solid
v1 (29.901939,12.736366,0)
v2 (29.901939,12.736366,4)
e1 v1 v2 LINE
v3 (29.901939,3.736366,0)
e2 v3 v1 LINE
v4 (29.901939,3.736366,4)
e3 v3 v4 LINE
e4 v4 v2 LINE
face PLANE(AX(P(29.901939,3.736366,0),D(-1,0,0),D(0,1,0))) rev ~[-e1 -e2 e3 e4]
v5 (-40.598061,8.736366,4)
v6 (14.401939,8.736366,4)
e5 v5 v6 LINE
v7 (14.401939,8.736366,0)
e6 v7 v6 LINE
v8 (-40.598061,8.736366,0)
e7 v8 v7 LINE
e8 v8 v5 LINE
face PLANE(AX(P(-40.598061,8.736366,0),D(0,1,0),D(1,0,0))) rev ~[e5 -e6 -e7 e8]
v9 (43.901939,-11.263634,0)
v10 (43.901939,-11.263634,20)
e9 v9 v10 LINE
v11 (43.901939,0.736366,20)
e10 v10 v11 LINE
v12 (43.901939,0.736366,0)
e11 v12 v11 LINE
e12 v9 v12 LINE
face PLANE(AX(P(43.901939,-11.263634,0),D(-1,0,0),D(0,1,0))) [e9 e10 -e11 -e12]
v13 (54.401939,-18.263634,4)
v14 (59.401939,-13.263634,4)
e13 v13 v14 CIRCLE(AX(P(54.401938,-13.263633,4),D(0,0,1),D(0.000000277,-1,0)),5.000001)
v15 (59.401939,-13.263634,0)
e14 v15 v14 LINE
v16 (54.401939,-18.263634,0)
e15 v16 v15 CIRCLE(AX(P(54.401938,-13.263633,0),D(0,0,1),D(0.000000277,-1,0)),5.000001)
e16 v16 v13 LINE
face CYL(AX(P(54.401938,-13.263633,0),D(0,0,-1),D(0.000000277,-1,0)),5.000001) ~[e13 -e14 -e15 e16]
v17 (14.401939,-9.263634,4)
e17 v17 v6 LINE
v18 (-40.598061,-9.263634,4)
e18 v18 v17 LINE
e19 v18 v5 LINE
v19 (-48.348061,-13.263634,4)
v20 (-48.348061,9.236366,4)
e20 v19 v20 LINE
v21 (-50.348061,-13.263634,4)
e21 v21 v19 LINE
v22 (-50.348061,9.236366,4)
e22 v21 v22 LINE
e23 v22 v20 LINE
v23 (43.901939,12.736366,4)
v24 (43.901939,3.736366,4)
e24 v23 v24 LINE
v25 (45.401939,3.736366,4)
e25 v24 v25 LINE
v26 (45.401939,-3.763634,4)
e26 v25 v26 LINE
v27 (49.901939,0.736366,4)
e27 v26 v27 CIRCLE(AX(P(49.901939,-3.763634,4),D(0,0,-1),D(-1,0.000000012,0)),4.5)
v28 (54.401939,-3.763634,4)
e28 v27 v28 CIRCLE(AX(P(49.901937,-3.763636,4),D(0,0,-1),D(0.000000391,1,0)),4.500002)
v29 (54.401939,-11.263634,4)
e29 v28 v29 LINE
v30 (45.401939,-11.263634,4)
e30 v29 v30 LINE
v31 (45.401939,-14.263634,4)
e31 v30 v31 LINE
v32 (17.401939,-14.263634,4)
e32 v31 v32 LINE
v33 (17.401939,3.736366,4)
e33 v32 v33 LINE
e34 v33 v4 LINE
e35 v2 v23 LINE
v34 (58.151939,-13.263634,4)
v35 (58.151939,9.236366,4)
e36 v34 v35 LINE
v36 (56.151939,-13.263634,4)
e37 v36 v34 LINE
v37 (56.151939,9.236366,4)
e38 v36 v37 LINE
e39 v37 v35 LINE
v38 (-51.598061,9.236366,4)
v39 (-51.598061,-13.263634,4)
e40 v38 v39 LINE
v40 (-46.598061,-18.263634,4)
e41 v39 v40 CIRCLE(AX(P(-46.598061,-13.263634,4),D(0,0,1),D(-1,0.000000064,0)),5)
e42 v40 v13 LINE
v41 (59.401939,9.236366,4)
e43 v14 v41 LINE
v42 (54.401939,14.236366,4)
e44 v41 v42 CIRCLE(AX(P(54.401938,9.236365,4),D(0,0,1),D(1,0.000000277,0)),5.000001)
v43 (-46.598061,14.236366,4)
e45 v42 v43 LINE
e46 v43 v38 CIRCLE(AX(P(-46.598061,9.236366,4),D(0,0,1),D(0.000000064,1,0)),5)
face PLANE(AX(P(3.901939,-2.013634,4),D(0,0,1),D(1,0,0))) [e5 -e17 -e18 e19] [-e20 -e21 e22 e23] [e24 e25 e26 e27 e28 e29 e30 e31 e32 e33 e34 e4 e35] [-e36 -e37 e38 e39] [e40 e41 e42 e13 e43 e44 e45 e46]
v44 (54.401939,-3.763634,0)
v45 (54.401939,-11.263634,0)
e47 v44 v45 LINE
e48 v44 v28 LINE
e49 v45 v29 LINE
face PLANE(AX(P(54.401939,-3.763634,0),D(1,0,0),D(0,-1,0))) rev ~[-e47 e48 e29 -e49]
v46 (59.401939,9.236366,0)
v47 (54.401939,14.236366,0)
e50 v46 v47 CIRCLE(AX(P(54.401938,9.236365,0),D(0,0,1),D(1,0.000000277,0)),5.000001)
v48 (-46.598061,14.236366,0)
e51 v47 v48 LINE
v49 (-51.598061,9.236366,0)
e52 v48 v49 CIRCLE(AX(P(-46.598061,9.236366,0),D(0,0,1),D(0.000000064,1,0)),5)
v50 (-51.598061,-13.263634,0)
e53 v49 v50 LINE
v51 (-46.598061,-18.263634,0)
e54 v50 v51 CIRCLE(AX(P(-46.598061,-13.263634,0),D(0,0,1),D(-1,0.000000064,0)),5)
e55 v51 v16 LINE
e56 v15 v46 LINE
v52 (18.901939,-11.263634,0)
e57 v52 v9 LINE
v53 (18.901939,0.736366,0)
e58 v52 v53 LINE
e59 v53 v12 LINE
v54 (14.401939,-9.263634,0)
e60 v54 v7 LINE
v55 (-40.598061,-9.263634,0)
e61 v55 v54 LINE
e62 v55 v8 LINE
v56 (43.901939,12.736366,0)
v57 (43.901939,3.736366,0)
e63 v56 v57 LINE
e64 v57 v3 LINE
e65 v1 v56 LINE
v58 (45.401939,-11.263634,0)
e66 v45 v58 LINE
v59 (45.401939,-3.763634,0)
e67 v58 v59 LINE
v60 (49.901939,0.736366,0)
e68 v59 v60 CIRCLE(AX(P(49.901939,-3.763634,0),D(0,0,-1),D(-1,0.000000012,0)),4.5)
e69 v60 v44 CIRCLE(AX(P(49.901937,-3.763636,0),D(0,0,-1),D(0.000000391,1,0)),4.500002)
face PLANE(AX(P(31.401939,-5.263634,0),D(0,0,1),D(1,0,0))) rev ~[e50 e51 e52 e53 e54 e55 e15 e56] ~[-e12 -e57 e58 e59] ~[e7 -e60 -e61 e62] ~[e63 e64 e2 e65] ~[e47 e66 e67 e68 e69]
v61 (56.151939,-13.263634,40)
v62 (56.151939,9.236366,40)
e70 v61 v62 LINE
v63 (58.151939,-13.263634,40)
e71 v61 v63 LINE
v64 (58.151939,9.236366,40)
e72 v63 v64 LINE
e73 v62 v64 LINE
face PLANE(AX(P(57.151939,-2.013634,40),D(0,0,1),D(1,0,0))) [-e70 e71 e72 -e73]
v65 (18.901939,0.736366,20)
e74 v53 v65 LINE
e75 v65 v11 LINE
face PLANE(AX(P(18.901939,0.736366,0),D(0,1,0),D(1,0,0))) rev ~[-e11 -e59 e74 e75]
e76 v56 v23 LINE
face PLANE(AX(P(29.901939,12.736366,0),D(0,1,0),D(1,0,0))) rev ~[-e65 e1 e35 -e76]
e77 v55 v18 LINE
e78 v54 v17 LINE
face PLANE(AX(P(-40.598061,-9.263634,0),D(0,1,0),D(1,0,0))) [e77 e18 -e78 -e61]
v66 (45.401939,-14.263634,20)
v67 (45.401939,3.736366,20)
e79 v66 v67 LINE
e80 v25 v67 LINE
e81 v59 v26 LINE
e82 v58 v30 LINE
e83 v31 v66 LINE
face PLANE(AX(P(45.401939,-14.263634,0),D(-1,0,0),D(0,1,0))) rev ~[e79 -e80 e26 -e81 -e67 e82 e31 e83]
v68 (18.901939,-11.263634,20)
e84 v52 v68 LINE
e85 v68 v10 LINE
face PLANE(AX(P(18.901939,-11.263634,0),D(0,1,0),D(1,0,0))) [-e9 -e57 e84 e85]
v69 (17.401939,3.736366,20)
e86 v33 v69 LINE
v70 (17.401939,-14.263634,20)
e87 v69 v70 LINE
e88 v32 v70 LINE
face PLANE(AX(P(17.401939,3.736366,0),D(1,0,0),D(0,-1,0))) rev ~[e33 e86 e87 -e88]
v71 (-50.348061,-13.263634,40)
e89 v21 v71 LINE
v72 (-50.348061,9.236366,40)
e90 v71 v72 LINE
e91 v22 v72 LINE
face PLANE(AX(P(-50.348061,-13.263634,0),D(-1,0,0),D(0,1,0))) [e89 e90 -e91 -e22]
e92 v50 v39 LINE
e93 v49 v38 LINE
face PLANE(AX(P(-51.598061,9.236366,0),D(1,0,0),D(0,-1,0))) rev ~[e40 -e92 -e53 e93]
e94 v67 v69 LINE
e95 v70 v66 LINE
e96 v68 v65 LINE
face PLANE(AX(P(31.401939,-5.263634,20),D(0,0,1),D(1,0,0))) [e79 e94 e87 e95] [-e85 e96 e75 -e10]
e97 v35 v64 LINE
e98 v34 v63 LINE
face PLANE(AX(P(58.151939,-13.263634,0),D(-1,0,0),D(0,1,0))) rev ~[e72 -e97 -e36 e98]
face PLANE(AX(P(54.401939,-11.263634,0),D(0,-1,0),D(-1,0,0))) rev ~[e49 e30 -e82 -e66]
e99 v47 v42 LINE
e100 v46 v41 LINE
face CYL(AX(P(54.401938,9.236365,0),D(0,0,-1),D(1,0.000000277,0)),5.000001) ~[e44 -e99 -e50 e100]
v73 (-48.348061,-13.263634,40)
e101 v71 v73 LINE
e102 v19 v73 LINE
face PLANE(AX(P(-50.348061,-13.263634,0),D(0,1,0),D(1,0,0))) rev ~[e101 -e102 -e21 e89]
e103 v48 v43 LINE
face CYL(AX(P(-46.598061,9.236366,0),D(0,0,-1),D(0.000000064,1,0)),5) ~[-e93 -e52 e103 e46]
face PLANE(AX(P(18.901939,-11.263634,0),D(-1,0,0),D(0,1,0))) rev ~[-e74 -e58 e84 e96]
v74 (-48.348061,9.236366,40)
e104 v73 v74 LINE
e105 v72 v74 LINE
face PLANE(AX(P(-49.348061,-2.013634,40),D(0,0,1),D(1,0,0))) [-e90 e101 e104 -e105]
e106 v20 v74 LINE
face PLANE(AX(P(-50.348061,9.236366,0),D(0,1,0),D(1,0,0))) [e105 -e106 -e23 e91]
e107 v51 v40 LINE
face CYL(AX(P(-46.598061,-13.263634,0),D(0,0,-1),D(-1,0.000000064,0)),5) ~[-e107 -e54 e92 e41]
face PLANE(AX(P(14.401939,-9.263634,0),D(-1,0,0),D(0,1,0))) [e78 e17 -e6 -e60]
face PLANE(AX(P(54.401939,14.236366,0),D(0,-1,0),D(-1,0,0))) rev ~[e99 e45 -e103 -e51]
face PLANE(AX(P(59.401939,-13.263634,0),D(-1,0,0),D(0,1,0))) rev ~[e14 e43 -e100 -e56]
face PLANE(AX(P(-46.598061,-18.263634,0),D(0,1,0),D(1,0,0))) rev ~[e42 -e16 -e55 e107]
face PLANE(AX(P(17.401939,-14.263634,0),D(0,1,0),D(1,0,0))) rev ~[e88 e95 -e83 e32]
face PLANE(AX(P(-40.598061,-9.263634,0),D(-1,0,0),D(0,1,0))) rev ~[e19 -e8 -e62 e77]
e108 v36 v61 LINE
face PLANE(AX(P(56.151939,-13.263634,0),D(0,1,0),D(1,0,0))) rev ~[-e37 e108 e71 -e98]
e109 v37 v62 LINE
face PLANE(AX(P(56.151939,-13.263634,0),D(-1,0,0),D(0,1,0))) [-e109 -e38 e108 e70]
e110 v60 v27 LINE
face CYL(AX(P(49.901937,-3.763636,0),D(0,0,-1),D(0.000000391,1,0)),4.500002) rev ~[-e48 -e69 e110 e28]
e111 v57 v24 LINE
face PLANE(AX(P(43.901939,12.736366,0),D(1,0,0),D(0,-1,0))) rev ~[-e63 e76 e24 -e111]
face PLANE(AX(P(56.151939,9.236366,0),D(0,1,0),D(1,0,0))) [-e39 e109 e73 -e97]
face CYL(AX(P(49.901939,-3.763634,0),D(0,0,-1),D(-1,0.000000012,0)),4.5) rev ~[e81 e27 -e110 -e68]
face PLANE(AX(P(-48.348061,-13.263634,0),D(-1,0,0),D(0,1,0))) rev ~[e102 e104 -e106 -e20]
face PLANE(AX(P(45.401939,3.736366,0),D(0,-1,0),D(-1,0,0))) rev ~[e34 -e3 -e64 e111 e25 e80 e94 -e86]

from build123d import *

# Parameters (mm, degrees)
F0_W     = 2
F0_H     = 22.5
F0_W_2   = 55
F0_H_2   = 18
F1_DEPTH = 4
F0_W_3   = 25
F0_H_3   = 12
F2_DEPTH = 20
F3_DEPTH = 40


with BuildPart() as f1:
    # F0 (on Top) → F1 (new body)
    with BuildSketch(Plane.XY):
        with BuildLine():
            Line((54.401939, 14.236366), (-46.598061, 14.236366))
            ThreePointArc((-46.598061, 14.236366), (-50.133595, 12.7719), (-51.598061, 9.236366))
            Line((-51.598061, 9.236366), (-51.598061, -13.263634))
            ThreePointArc((-51.598061, -13.263634), (-50.133595, -16.799168), (-46.598061, -18.263634))
            Line((-46.598061, -18.263634), (54.401939, -18.263634))
            ThreePointArc((54.401939, -18.263634), (57.937472, -16.799168), (59.401939, -13.263634))
            Line((59.401939, -13.263634), (59.401939, 9.236366))
            ThreePointArc((59.401939, 9.236366), (57.937472, 12.7719), (54.401939, 14.236366))
        make_face()
        with Locations((-49.348061, -2.013634)):
            Rectangle(F0_W, F0_H, mode=Mode.SUBTRACT)
        with Locations((-13.098061, -0.263634)):
            Rectangle(F0_W_2, F0_H_2, mode=Mode.SUBTRACT)
        with BuildLine():
            Line((54.401939, -11.263634), (45.401939, -11.263634))
            Line((45.401939, -11.263634), (45.401939, -14.263634))
            Line((45.401939, -14.263634), (18.901939, -14.263634))
            Line((18.901939, -14.263634), (17.401939, -14.263634))
            Line((17.401939, -14.263634), (17.401939, 3.736366))
            Line((17.401939, 3.736366), (29.901939, 3.736366))
            Line((29.901939, 3.736366), (29.901939, 12.736366))
            Line((29.901939, 12.736366), (43.901939, 12.736366))
            Line((43.901939, 12.736366), (43.901939, 3.736366))
            Line((43.901939, 3.736366), (45.401939, 3.736366))
            Line((45.401939, 3.736366), (45.401939, 0.736366))
            Line((45.401939, 0.736366), (45.401939, -3.763634))
            ThreePointArc((45.401939, -3.763634), (46.719958, -0.581654), (49.901939, 0.736366))
            ThreePointArc((49.901939, 0.736366), (53.083919, -0.581654), (54.401939, -3.763634))
            Line((54.401939, -3.763634), (54.401939, -11.263634))
        make_face(mode=Mode.SUBTRACT)
        with Locations((57.151939, -2.013634)):
            Rectangle(F0_W, F0_H, mode=Mode.SUBTRACT)
    extrude(amount=F1_DEPTH)

    # F0 (on Top) → F2 (join)
    with BuildSketch(Plane.XY):
        Polygon((45.401939, -14.263634), (45.401939, -11.263634), (45.401939, -3.763634), (45.401939, 0.736366), (45.401939, 3.736366), (43.901939, 3.736366), (29.901939, 3.736366), (17.401939, 3.736366), (17.401939, -14.263634), (18.901939, -14.263634), align=None)
        with Locations((31.401939, -5.263634)):
            Rectangle(F0_W_3, F0_H_3, mode=Mode.SUBTRACT)
    extrude(amount=F2_DEPTH)

    # F0 (on Top) → F3 (join)
    with BuildSketch(Plane.XY):
        with Locations((57.151939, -2.013634)):
            Rectangle(F0_W, F0_H)
        with Locations((-49.348061, -2.013634)):
            Rectangle(F0_W, F0_H)
    extrude(amount=F3_DEPTH)


solid = f1.part
